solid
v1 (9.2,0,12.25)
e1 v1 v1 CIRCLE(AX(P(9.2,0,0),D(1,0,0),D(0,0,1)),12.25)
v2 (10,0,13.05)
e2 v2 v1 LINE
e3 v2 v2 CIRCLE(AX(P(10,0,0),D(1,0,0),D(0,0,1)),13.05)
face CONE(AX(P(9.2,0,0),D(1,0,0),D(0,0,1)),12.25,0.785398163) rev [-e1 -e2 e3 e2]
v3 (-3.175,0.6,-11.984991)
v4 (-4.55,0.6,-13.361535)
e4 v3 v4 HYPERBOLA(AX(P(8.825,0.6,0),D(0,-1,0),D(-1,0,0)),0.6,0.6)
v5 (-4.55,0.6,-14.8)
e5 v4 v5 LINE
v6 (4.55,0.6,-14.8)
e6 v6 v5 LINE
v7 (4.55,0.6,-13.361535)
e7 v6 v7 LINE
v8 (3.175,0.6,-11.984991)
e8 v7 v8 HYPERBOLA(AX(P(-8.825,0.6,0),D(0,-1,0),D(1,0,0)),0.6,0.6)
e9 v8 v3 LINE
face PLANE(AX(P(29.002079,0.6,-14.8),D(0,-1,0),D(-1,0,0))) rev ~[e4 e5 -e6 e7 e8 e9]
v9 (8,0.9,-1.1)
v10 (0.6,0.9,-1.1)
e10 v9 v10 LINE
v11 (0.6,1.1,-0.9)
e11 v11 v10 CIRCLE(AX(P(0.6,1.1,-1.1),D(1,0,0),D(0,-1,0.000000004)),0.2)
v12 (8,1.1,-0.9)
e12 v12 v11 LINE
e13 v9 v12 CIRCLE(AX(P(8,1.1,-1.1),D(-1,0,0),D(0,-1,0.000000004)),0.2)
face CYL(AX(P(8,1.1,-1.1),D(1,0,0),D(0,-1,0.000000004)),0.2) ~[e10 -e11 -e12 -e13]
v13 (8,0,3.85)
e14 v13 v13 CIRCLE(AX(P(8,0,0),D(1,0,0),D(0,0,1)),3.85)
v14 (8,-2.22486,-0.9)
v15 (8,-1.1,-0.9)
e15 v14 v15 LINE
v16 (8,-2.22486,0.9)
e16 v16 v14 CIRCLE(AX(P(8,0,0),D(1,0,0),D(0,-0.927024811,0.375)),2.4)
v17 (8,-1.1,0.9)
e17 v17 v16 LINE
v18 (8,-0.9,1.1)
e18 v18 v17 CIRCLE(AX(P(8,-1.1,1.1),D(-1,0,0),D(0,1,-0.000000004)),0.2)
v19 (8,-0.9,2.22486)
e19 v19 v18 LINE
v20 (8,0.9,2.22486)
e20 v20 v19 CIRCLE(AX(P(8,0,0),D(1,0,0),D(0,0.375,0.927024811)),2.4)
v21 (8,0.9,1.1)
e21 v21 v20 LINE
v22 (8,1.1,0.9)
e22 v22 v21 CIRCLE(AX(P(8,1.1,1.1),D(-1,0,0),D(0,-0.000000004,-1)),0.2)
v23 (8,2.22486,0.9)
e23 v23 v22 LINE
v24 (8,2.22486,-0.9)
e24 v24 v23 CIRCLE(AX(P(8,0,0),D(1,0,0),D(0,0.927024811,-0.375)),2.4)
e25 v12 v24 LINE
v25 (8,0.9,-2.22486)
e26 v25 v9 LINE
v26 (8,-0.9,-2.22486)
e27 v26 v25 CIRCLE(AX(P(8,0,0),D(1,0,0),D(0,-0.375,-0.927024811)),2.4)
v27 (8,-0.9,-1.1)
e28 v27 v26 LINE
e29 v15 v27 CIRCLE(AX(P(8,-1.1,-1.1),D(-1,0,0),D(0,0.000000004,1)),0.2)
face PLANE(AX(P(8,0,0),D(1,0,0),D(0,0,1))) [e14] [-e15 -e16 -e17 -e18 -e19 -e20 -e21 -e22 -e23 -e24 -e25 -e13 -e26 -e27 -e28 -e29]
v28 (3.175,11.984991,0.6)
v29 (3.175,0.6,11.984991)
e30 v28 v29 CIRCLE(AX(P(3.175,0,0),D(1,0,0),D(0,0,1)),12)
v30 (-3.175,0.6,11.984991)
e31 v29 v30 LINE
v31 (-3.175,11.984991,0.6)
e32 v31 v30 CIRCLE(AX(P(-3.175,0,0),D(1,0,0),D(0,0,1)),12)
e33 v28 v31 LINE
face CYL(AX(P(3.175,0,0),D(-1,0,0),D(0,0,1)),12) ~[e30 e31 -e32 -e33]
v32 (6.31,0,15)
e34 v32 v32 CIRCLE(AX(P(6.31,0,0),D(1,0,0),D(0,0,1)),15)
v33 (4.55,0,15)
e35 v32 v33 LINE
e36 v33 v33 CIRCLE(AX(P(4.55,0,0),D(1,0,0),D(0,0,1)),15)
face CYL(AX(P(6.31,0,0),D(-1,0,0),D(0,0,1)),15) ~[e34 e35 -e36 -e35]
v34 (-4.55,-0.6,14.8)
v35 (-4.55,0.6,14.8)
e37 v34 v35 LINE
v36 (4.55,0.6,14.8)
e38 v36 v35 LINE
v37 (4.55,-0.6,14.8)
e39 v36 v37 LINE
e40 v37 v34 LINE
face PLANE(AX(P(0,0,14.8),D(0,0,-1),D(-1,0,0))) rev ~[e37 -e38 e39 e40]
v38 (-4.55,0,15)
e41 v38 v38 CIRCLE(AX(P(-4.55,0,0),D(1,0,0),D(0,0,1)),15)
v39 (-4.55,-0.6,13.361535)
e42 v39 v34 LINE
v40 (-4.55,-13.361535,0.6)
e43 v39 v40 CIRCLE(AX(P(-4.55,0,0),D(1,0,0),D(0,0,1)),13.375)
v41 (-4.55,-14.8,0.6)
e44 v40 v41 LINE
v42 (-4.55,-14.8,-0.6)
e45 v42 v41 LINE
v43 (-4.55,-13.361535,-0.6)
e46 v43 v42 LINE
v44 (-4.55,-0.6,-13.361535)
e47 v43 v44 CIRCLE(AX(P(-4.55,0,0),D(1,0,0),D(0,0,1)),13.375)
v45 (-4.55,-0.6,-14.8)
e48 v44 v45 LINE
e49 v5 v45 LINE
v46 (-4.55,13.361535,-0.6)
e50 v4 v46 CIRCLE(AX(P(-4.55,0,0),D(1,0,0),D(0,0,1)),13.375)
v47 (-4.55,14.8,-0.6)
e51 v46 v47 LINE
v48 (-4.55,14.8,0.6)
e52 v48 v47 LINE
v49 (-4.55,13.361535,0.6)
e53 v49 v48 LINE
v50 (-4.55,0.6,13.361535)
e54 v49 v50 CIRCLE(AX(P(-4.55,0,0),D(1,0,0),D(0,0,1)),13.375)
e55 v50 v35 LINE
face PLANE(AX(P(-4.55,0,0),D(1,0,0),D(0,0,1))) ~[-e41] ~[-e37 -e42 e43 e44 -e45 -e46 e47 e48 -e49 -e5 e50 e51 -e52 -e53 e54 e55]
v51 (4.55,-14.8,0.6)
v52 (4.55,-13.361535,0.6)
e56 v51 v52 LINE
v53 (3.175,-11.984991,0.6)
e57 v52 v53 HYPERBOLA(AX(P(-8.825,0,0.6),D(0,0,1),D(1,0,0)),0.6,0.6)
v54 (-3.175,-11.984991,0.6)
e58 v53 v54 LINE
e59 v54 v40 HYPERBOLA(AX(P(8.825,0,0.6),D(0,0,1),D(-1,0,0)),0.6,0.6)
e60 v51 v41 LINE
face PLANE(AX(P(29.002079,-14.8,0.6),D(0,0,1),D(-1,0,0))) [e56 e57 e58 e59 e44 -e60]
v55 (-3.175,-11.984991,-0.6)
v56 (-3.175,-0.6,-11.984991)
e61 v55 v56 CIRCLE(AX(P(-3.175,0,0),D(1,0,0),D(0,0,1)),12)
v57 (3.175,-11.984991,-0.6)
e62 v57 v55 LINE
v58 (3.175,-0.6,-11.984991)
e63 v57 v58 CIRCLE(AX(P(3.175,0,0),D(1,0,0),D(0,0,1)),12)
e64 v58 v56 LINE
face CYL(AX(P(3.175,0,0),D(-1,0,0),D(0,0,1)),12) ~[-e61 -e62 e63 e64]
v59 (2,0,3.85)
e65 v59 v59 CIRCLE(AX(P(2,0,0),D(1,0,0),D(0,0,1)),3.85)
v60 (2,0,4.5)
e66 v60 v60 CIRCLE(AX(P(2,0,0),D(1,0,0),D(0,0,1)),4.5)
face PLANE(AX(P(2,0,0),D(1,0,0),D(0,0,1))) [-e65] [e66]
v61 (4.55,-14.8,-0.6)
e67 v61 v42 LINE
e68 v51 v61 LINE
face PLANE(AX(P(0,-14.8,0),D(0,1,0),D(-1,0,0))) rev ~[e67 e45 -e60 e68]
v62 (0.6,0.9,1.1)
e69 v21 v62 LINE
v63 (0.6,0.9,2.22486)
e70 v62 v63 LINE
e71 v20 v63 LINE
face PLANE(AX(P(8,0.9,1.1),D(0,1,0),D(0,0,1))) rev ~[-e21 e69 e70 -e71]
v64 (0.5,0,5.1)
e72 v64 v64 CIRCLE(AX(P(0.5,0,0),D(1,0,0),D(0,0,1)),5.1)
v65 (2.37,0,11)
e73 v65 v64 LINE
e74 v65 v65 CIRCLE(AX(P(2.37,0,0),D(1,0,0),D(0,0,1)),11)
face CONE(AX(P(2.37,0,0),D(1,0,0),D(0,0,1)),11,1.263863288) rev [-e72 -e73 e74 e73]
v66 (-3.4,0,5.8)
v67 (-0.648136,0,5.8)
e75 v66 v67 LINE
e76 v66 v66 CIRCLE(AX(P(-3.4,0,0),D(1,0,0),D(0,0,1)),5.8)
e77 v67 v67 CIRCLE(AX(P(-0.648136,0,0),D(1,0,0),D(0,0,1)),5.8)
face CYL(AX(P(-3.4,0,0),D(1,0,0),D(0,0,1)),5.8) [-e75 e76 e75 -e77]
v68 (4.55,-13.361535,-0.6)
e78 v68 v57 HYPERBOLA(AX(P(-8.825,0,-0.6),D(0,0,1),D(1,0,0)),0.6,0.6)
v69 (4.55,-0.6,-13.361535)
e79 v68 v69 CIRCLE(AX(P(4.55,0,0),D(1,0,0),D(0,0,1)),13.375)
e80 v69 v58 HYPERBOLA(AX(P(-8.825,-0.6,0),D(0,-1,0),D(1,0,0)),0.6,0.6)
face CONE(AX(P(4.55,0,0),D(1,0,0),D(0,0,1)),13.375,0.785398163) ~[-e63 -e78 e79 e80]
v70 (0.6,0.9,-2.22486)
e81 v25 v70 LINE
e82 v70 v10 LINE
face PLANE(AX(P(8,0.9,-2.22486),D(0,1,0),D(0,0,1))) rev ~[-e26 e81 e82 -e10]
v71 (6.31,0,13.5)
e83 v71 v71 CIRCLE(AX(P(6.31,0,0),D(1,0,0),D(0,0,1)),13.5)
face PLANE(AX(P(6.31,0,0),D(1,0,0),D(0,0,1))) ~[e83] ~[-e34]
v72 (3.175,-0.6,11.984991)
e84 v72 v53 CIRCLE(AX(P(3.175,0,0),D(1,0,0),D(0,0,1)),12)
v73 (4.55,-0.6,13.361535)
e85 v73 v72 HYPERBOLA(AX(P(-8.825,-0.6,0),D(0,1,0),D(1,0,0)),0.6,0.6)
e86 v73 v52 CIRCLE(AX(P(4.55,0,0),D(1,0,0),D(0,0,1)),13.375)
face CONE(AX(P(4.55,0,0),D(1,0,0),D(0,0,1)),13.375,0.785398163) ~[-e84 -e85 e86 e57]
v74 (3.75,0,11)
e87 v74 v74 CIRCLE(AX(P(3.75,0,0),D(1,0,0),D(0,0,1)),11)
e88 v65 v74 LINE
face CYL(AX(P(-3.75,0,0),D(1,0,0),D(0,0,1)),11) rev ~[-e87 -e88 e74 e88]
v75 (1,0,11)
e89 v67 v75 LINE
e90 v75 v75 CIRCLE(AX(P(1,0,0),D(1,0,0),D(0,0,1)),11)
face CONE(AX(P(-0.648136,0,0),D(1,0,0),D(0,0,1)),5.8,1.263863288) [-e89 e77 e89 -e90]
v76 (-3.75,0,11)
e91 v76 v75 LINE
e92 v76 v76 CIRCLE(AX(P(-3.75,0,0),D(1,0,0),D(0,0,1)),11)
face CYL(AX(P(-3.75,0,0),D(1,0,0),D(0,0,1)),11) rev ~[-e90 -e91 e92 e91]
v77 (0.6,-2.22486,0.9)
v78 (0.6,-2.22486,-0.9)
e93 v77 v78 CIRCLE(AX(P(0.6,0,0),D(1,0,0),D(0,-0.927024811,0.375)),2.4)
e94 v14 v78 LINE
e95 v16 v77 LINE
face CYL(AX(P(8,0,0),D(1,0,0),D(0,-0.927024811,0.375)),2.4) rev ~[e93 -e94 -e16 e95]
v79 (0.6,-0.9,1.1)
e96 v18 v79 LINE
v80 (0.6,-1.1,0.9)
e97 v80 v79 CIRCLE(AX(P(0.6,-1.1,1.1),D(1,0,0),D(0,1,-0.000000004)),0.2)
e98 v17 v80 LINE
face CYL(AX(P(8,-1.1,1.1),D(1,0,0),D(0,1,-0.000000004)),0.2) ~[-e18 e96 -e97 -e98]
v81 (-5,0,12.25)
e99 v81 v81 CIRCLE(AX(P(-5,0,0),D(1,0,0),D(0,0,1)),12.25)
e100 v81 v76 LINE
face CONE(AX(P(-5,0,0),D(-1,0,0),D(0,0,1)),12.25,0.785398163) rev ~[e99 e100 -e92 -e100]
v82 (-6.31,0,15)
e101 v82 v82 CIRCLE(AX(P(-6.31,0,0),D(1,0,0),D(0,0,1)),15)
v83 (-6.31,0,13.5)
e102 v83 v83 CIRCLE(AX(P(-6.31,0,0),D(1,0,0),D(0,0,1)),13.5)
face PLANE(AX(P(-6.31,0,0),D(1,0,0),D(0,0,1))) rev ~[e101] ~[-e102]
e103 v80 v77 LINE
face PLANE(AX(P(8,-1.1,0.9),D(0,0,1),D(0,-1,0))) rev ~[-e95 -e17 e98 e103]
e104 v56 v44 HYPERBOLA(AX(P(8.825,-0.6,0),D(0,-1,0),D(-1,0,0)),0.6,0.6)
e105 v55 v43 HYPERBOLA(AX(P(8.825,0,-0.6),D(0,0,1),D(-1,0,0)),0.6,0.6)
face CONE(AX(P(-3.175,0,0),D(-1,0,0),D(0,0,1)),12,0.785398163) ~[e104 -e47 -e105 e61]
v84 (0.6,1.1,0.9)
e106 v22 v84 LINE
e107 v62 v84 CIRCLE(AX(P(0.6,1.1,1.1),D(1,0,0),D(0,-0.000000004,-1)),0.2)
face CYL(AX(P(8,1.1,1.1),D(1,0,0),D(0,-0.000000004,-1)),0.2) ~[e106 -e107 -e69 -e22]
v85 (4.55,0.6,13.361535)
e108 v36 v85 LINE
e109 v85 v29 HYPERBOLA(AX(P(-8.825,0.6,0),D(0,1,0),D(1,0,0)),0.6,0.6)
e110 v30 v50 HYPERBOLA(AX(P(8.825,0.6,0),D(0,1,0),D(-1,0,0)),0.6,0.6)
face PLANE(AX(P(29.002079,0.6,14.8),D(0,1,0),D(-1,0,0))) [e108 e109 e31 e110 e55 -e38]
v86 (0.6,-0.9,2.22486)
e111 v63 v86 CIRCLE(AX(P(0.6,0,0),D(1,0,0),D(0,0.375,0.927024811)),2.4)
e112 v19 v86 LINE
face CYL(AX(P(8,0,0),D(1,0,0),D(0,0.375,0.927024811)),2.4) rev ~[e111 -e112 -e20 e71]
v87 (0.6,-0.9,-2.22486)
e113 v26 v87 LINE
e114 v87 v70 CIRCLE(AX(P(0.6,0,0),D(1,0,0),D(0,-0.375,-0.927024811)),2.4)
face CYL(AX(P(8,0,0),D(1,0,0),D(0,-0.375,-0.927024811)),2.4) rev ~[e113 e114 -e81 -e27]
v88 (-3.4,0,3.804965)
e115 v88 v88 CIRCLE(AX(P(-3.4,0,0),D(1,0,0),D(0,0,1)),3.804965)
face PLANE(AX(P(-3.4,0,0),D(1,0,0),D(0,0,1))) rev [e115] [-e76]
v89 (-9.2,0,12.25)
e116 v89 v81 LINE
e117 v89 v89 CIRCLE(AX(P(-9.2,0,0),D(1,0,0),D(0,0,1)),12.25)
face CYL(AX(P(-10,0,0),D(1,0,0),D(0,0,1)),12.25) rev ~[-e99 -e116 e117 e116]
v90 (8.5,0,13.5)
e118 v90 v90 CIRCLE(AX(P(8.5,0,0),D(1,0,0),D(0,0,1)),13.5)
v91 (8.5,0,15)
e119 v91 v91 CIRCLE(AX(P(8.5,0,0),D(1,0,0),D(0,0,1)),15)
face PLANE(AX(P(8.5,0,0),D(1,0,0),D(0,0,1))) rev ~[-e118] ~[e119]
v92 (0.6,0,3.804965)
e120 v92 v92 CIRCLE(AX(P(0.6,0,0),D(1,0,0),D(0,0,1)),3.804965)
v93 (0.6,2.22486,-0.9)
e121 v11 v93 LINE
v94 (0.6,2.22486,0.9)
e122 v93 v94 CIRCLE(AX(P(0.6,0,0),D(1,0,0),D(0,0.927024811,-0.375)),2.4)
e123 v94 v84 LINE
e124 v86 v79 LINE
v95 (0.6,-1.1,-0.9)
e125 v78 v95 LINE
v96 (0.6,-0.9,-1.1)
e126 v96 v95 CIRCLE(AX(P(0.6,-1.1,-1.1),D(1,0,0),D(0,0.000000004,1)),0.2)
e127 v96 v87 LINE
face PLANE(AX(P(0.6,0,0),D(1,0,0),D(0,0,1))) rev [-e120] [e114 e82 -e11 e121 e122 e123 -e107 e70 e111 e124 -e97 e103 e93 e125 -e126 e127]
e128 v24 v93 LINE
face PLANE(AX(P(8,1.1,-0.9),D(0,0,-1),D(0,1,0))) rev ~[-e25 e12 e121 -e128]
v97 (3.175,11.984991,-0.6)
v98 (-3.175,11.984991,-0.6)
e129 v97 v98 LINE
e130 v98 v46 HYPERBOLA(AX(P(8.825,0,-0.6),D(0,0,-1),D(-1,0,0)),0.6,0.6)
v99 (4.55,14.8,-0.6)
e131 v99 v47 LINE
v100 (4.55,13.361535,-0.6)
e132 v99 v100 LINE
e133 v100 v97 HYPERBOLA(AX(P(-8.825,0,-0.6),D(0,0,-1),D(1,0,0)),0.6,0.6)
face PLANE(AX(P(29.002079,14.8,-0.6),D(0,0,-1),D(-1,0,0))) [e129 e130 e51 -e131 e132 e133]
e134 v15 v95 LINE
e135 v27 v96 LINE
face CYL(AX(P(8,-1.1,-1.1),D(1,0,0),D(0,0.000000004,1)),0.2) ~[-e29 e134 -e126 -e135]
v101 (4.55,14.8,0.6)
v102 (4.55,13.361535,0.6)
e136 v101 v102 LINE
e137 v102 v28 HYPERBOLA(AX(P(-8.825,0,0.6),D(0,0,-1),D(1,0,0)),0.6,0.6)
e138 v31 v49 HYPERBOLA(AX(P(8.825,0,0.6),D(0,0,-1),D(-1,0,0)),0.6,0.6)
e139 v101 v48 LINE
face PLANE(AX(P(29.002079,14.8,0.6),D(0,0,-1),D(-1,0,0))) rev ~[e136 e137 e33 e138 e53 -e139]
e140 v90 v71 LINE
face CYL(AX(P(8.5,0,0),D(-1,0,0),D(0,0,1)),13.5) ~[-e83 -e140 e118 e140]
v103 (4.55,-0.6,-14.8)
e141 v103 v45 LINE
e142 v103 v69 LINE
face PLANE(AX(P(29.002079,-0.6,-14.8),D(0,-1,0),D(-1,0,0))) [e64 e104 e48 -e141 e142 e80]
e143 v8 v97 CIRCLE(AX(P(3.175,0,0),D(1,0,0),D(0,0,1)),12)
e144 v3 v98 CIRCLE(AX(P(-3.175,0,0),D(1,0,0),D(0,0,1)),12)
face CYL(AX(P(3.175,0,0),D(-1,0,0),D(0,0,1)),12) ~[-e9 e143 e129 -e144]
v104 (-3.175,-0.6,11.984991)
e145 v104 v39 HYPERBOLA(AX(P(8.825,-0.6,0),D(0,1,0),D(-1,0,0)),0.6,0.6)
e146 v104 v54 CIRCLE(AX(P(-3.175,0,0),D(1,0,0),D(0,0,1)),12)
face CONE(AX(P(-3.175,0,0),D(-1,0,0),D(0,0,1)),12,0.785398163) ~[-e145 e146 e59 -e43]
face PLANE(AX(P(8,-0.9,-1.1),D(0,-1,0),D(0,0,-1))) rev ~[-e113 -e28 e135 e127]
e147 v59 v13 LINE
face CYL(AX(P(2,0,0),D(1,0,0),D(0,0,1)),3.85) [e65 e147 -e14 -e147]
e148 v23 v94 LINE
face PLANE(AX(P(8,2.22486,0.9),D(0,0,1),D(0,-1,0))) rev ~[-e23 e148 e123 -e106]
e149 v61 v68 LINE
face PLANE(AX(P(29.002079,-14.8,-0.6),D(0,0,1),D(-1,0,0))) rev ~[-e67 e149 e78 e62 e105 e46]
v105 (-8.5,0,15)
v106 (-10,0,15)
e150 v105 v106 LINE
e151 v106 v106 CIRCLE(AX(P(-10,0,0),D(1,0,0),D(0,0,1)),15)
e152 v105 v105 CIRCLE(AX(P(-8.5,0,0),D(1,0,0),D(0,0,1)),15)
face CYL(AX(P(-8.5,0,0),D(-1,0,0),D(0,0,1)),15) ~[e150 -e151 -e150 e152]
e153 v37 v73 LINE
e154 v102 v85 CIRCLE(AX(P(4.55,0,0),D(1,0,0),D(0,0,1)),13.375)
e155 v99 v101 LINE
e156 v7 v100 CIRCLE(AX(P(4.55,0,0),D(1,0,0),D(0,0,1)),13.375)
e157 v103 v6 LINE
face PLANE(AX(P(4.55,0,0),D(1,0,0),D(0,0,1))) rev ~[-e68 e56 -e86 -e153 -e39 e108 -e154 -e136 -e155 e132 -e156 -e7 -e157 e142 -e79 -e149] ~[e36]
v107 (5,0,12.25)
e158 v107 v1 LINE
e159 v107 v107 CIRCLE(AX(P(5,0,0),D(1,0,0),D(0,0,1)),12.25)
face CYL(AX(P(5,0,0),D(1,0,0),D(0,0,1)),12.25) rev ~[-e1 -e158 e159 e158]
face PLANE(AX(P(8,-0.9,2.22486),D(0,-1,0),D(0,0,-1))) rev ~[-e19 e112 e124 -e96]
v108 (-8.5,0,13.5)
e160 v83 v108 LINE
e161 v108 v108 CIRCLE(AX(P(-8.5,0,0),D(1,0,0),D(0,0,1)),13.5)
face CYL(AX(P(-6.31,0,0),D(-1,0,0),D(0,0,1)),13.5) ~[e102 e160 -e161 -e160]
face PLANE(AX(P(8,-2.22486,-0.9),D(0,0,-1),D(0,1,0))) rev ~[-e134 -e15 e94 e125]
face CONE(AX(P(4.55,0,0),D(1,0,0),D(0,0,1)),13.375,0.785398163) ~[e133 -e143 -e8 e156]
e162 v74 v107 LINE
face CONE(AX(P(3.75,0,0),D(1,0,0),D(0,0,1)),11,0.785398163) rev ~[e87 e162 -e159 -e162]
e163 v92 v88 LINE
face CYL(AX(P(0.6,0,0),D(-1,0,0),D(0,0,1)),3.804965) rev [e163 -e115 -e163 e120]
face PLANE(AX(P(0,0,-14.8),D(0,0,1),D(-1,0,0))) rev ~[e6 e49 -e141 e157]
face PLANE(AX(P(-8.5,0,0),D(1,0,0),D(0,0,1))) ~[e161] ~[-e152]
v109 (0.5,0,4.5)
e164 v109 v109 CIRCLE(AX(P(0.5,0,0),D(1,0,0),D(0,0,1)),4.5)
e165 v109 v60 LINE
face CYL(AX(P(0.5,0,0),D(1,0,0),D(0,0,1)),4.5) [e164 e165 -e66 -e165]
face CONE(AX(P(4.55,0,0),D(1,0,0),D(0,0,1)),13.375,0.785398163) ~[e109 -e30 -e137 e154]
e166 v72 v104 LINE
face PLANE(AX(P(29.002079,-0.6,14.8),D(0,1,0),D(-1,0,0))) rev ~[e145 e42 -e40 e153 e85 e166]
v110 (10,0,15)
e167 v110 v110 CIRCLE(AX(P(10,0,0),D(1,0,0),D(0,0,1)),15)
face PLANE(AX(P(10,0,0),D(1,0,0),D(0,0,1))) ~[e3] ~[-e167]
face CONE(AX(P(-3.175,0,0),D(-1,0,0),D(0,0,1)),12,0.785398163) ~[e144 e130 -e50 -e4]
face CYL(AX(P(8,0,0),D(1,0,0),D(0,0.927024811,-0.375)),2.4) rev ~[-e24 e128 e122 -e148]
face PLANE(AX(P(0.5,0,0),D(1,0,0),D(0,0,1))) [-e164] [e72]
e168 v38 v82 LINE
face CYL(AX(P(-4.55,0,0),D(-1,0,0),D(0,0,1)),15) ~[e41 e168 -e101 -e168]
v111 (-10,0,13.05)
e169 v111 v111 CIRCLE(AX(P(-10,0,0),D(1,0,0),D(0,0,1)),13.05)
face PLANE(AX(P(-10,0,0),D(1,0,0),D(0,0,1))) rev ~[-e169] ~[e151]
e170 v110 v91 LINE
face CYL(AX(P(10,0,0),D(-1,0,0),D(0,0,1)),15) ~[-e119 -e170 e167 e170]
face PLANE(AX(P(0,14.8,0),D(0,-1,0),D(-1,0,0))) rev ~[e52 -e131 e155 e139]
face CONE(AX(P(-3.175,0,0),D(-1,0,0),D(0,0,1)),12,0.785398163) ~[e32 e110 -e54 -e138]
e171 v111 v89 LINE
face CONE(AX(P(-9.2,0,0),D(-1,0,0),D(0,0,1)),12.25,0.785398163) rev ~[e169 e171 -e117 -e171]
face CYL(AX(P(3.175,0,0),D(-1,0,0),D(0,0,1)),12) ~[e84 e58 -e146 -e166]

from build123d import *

# Parameters (mm, degrees)
CUT_EXTRUDE2_REACH = 29.821
RIB1_REACH         = 25.452
SKETCH7_WALL_W     = 58.004157598
SKETCH7_WALL_H     = 1.2
CIRPATTERN1_COUNT  = 4
CHAMFER1_SIZE      = 0.8


with BuildPart() as part:
    # Sketch1 → Revolve1 (revolve)
    with BuildSketch(Plane.XY, mode=Mode.PRIVATE) as revolve1_sk:
        Polygon((10, 12.25), (10, 15), (8.5, 15), (8.5, 13.5), (6.31, 13.5), (6.31, 15), (4.55, 15), (4.55, 13.375), (3.175, 12), (-3.175, 12), (-4.55, 13.375), (-4.55, 15), (-6.31, 15), (-6.31, 13.5), (-8.5, 13.5), (-8.5, 15), (-10, 15), (-10, 12.25), (-5, 12.25), (-3.75, 11), (3.75, 11), (5, 12.25), align=None)
    revolve(revolve1_sk.sketch.rotate(Axis((0, 0, 0), (1, 0, 0)), 90), axis=Axis((0, 0, 0), (1, 0, 0)))

    # Sketch2 → Revolve3 (revolve)
    with BuildSketch(Plane.XY, mode=Mode.PRIVATE) as revolve3_sk:
        Polygon((1, 11), (2.37, 11), (0.5, 5.1), (0.5, 4.5), (2, 4.5), (2, 3.85), (8, 3.85), (8, 0), (0.6, 0), (0.6, 3.804964539), (-3.4, 3.804964539), (-3.4, 5.8), (-0.648135593, 5.8), align=None)
    revolve(revolve3_sk.sketch.rotate(Axis((0, 0, 0), (1, 0, 0)), 90), axis=Axis((0, 0, 0), (1, 0, 0)))

    # Sketch5 → Cut-Extrude2 (cut, up to next)
    with BuildSketch(Plane(origin=(8, 0, 0), x_dir=(0, 0, -1), z_dir=(1, 0, 0)), mode=Mode.PRIVATE) as cut_extrude2_sk1:
        with BuildLine():
            Line((0.9, 1.1), (0.9, 2.224859546))
            ThreePointArc((0.9, 2.224859546), (0, 2.4), (-0.9, 2.224859546))
            Line((-0.9, 2.224859546), (-0.9, 1.1))
            ThreePointArc((-0.9, 1.1), (-0.958578644, 0.958578644), (-1.1, 0.9))
            Line((-1.1, 0.9), (-2.224859546, 0.9))
            ThreePointArc((-2.224859546, 0.9), (-2.4, 0), (-2.224859546, -0.9))
            Line((-2.224859546, -0.9), (-1.1, -0.9))
            ThreePointArc((-1.1, -0.9), (-0.958578644, -0.958578644), (-0.9, -1.1))
            Line((-0.9, -1.1), (-0.9, -2.224859546))
            ThreePointArc((-0.9, -2.224859546), (0, -2.4), (0.9, -2.224859546))
            Line((0.9, -2.224859546), (0.9, -1.1))
            ThreePointArc((0.9, -1.1), (0.958578644, -0.958578644), (1.1, -0.9))
            Line((1.1, -0.9), (2.224859546, -0.9))
            ThreePointArc((2.224859546, -0.9), (2.4, 0), (2.224859546, 0.9))
            Line((2.224859546, 0.9), (1.1, 0.9))
            ThreePointArc((1.1, 0.9), (0.958578644, 0.958578644), (0.9, 1.1))
        make_face()
    cut_extrude2_tool1 = extrude(cut_extrude2_sk1.sketch, amount=-CUT_EXTRUDE2_REACH, mode=Mode.PRIVATE) & part.part
    add(cut_extrude2_tool1.solids().sort_by_distance((8, 0, 0))[0], mode=Mode.SUBTRACT)

    # Sketch7 wall → Rib1 (add, up to next)
    with BuildSketch(Plane(origin=(0, 14.8, 0), x_dir=(-1, 0, 0), z_dir=(0, -1, 0)), mode=Mode.PRIVATE) as rib1_sk1:
        Rectangle(SKETCH7_WALL_W, SKETCH7_WALL_H)
    rib1_tool1 = extrude(rib1_sk1.sketch, amount=RIB1_REACH, mode=Mode.PRIVATE) - part.part
    rib1 = rib1_tool1.solids().sort_by_distance((0, 14.8, 0))[0]
    add(rib1)

    # CirPattern1: Rib1 ×4 about axis
    cirpattern1_axis = Axis((0, 0, 0), (1, 0, 0))
    for i in range(1, CIRPATTERN1_COUNT):
        add(rib1.rotate(cirpattern1_axis, i * 360 / CIRPATTERN1_COUNT))

    # Chamfer1
    chamfer1_edges = [part.edges().sort_by_distance(p)[0] for p in [
        (10, 0, -12.25),
        (-10, 0, -12.25),
    ]]
    chamfer(chamfer1_edges, length=CHAMFER1_SIZE)


solid = part.part
